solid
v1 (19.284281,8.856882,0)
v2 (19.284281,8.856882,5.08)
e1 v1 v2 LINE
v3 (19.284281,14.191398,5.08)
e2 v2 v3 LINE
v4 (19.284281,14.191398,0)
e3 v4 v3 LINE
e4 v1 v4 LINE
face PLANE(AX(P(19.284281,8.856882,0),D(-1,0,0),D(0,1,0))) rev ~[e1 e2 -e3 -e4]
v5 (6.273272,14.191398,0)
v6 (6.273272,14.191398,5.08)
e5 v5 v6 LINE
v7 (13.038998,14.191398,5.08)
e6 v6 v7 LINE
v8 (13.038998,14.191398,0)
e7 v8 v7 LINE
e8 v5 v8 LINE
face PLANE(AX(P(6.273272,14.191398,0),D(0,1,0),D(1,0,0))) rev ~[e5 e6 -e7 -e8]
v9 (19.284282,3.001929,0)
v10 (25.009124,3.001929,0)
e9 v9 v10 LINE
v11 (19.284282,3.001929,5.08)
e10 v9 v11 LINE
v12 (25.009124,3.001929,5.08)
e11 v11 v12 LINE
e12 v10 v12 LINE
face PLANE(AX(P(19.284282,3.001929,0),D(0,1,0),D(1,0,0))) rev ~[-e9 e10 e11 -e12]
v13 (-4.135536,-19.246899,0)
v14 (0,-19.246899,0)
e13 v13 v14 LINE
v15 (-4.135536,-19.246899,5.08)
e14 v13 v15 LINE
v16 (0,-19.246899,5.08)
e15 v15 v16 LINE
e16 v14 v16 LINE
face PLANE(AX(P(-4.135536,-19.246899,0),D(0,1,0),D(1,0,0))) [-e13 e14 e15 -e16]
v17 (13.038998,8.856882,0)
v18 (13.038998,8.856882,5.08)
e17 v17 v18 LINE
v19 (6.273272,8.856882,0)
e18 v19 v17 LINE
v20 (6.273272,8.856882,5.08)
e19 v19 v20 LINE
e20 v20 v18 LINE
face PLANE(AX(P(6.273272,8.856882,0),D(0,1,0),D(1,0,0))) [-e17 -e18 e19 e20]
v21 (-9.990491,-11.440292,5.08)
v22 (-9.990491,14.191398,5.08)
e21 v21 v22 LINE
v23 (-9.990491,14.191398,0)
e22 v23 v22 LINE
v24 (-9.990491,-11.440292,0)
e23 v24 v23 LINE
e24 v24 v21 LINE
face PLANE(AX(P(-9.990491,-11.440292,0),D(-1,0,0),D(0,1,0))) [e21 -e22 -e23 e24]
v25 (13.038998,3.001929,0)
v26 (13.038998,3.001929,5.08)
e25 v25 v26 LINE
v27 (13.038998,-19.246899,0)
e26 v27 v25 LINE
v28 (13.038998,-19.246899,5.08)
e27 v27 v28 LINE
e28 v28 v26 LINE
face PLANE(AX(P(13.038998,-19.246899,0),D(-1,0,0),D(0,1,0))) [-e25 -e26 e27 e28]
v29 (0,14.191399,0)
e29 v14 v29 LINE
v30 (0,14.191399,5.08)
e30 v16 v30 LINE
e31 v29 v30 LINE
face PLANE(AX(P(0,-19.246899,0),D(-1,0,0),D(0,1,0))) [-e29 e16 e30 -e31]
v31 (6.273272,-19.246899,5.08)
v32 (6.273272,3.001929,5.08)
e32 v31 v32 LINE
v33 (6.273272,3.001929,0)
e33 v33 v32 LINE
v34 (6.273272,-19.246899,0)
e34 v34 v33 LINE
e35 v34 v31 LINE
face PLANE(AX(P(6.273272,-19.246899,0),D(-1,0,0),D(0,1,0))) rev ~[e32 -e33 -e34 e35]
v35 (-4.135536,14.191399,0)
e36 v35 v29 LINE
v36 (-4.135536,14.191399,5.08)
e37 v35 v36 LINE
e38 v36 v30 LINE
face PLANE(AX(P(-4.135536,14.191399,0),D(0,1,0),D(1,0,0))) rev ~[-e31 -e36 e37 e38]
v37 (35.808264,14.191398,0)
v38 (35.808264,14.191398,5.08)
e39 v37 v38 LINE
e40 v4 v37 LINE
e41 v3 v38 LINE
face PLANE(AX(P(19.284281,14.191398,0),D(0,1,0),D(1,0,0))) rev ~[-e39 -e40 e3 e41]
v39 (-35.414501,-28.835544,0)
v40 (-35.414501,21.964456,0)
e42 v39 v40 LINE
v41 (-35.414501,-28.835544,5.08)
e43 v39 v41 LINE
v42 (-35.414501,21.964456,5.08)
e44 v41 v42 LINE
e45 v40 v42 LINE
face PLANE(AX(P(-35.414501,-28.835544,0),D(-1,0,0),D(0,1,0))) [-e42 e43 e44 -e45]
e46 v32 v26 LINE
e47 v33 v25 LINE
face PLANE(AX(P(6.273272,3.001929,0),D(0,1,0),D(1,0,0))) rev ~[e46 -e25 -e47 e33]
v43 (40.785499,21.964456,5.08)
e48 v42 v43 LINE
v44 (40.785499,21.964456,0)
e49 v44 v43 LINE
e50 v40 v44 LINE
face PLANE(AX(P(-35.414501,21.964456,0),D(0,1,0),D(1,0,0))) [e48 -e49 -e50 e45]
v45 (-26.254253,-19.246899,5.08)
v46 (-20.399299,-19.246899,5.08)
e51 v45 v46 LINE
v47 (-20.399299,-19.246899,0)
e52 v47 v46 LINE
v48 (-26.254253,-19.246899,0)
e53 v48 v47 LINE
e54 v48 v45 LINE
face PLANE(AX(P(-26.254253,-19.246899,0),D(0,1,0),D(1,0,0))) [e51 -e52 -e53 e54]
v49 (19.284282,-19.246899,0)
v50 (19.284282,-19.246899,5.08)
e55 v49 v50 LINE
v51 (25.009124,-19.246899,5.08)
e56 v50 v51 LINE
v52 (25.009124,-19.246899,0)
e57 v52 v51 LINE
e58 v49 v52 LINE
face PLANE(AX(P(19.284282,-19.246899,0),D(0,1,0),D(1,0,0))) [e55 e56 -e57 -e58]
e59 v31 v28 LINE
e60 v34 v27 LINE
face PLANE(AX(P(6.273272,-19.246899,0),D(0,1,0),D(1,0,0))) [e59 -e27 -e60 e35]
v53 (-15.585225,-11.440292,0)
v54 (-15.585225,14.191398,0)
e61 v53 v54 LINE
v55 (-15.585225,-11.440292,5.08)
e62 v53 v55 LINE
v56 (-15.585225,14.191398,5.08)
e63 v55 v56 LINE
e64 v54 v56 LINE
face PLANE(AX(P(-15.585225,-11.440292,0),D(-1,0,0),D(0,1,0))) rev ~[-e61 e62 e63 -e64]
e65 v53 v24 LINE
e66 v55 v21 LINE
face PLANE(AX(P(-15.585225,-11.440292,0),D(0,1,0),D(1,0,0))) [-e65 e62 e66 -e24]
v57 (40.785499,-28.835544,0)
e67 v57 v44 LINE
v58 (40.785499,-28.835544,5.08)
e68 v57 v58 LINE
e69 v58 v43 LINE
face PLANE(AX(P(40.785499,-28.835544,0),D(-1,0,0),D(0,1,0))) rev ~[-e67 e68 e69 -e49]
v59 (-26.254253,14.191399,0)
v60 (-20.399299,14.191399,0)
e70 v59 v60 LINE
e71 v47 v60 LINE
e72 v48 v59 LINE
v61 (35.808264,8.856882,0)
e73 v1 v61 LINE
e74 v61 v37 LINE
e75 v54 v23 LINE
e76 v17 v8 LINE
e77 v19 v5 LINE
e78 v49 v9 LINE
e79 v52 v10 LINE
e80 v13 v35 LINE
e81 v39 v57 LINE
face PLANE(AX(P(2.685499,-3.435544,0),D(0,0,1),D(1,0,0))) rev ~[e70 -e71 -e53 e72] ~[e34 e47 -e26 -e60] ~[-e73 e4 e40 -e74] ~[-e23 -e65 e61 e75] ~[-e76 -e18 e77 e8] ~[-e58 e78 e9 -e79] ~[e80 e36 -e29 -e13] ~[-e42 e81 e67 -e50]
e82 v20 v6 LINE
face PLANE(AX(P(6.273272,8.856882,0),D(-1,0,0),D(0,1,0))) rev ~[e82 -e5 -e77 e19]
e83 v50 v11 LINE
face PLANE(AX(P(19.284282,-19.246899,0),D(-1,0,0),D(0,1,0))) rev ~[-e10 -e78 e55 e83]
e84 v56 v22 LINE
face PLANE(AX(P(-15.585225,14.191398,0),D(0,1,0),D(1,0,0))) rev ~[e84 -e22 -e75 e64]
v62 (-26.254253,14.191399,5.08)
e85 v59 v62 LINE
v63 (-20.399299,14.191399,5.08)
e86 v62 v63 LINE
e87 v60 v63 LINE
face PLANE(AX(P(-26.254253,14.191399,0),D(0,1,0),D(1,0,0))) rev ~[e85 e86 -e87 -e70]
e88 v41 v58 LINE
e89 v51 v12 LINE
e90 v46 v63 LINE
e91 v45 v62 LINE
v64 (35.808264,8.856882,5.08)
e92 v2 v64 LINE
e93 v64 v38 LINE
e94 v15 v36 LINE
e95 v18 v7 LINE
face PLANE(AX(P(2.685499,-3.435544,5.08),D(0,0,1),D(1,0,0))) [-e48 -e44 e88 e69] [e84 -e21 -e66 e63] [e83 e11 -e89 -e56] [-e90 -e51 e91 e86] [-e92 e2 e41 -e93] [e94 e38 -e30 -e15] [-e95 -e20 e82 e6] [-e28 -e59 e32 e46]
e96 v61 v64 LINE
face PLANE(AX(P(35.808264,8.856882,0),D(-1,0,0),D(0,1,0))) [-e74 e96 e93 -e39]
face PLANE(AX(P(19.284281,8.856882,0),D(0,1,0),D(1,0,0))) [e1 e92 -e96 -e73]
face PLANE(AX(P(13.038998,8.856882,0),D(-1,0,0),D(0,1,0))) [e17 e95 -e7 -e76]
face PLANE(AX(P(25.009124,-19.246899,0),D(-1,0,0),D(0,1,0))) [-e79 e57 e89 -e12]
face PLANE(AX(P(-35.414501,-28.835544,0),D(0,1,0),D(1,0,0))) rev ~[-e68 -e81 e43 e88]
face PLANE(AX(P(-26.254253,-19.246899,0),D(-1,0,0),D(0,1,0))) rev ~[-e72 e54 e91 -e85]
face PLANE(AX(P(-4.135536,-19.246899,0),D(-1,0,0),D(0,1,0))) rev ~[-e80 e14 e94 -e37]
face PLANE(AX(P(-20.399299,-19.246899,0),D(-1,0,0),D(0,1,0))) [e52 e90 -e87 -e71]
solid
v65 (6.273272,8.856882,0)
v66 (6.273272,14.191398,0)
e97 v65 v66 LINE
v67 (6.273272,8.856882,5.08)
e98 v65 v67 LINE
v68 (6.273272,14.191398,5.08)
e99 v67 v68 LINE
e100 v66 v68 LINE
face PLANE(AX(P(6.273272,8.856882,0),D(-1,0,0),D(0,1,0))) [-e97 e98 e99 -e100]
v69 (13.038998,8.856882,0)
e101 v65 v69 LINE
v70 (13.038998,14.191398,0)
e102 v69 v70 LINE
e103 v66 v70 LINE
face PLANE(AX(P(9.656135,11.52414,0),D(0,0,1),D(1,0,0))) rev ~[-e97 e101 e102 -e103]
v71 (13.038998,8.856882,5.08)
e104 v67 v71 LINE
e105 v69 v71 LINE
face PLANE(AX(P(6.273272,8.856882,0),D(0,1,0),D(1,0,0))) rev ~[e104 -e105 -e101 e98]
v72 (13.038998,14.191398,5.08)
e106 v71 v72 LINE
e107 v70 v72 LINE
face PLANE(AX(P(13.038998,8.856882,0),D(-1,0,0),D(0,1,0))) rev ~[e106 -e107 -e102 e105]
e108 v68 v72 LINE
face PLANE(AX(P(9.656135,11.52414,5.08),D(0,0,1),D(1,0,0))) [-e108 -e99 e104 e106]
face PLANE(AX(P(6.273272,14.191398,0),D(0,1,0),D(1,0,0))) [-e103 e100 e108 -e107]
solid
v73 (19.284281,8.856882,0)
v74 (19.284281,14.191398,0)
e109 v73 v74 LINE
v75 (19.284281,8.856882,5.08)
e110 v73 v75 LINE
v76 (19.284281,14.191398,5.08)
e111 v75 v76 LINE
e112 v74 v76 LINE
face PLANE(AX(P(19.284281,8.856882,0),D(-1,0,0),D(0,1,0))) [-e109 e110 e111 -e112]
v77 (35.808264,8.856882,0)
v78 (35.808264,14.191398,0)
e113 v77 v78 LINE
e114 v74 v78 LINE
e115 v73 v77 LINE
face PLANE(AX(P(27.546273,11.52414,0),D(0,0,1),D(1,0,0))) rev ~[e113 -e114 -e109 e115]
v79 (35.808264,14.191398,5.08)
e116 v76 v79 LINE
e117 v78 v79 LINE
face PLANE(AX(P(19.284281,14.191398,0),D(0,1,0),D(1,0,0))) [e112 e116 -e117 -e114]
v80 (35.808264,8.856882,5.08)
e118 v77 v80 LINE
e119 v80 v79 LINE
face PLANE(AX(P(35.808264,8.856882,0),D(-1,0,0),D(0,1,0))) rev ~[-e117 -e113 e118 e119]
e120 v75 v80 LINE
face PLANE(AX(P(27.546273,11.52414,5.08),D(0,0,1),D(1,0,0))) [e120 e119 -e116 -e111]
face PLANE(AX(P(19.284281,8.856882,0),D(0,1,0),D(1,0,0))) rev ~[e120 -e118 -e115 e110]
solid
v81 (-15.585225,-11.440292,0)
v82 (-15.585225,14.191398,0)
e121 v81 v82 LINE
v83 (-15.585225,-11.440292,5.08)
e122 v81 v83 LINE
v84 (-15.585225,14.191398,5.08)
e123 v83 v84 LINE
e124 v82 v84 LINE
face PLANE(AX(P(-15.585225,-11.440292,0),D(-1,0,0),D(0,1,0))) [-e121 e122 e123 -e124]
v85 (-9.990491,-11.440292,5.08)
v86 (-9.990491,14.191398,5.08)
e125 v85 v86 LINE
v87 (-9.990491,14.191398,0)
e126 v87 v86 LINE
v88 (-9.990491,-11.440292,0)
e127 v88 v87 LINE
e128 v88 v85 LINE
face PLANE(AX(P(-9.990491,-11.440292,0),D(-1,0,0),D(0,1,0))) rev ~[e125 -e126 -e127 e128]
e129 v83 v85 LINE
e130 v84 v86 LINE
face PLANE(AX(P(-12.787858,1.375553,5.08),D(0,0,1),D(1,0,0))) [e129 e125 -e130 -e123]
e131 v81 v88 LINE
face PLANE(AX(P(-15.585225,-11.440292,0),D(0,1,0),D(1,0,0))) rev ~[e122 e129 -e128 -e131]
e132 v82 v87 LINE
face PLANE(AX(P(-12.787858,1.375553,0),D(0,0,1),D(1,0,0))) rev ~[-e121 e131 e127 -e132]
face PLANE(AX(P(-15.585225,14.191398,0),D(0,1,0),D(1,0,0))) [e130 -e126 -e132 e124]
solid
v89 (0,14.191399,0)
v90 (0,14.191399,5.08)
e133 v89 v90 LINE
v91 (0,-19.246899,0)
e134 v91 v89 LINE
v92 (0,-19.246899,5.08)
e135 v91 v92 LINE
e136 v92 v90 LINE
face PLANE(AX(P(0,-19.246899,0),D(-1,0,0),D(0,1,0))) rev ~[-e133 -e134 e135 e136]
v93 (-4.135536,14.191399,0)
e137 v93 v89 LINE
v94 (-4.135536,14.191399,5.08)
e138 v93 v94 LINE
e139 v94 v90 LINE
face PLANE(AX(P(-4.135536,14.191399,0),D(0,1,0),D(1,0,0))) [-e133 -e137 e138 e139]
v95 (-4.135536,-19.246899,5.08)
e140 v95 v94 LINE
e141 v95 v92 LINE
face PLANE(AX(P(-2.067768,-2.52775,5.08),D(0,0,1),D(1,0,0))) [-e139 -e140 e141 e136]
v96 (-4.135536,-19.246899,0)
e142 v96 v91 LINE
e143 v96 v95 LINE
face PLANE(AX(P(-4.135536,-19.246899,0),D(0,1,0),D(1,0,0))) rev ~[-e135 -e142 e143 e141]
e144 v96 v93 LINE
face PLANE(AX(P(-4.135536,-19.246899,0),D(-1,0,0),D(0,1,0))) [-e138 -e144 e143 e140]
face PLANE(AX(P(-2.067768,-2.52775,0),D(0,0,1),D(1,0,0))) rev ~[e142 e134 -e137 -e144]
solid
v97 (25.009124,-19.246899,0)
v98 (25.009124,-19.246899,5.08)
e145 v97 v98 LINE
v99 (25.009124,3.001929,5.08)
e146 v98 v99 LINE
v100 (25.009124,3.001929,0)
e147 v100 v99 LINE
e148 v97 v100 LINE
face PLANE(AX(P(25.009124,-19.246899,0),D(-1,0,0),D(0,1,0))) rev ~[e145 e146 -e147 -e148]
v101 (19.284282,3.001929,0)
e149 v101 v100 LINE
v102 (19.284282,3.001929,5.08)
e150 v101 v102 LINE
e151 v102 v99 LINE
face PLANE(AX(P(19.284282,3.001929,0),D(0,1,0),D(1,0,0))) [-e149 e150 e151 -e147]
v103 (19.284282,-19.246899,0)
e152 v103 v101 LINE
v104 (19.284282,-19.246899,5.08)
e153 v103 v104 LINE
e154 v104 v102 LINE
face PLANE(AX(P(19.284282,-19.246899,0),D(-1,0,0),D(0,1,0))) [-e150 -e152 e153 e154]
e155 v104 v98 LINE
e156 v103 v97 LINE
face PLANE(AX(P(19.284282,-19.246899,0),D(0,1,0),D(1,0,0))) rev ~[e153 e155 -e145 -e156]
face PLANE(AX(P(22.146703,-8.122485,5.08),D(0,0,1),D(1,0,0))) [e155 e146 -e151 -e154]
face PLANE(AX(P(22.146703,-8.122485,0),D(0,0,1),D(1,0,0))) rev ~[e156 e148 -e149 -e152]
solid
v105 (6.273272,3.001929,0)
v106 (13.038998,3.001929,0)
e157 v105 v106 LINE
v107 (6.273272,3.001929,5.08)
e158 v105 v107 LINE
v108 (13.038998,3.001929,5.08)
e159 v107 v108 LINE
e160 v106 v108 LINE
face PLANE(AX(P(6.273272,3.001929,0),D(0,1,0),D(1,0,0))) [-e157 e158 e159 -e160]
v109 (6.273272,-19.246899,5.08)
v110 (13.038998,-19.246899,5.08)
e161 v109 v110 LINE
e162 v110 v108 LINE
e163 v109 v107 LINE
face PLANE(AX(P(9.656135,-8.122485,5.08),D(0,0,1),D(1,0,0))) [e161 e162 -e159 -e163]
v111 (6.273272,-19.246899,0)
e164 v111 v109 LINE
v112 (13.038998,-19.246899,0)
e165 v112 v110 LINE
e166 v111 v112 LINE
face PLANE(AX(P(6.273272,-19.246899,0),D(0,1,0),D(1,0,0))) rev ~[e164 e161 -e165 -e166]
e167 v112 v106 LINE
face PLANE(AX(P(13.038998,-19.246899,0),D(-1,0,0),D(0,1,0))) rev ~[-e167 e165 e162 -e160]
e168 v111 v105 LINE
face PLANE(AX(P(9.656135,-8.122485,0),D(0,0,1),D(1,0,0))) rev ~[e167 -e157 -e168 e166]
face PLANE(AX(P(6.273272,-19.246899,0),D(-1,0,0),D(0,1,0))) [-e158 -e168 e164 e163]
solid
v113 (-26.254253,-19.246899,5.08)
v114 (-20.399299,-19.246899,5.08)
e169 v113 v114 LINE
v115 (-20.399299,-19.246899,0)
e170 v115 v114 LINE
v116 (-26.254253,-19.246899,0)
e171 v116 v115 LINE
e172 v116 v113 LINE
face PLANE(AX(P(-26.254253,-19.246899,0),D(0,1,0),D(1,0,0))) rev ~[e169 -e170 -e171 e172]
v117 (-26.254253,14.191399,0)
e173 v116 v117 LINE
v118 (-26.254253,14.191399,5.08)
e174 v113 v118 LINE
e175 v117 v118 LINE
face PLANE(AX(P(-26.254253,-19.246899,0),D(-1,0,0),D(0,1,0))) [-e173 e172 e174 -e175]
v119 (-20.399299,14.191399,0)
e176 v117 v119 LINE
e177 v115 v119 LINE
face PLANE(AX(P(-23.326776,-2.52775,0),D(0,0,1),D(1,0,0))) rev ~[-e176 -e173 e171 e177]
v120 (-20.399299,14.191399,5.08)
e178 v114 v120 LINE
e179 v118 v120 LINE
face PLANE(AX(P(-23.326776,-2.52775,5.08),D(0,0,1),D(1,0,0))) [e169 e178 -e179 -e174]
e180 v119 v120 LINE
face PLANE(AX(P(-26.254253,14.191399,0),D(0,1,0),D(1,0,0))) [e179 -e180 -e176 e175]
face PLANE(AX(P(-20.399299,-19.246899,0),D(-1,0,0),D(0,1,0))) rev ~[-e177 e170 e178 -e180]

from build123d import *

# Parameters (mm, degrees)
F0_W     = 76.2
F0_H     = 50.8
F2_DEPTH = 5.08
F1_W     = 5.854954
F1_H     = 33.438297
F1_W_2   = 5.594734
F1_H_2   = 25.63169
F1_W_3   = 4.135536
F1_W_4   = 6.765726
F1_H_3   = 5.334515
F1_H_4   = 22.248828
F1_W_5   = 16.523983
F1_W_6   = 5.724842
F3_DEPTH = 5.08


with BuildPart() as f2:
    # F0 (on Top) → F2 (new body)
    with BuildSketch(Plane.XY):
        with Locations((2.685499, -3.435544)):
            Rectangle(F0_W, F0_H)
    extrude(amount=F2_DEPTH)


with BuildPart() as f3:
    # F1 (on Top) → F3 (new body)
    with BuildSketch(Plane.XY):
        with Locations((-23.326776, -2.52775)):
            Rectangle(F1_W, F1_H)
        with Locations((-12.787858, 1.375553)):
            Rectangle(F1_W_2, F1_H_2)
        with Locations((-2.067768, -2.52775)):
            Rectangle(F1_W_3, F1_H)
        with Locations((9.656135, 11.52414)):
            Rectangle(F1_W_4, F1_H_3)
        with Locations((9.656135, -8.122485)):
            Rectangle(F1_W_4, F1_H_4)
        with Locations((27.546273, 11.52414)):
            Rectangle(F1_W_5, F1_H_3)
        with Locations((22.146703, -8.122485)):
            Rectangle(F1_W_6, F1_H_4)
    extrude(amount=F3_DEPTH)


with BuildPart() as f2_1:
    add(f2.part)

    # F4: cut F3
    add(f3.part, mode=Mode.SUBTRACT)


solid = Compound([f3.part, f2_1.part])
